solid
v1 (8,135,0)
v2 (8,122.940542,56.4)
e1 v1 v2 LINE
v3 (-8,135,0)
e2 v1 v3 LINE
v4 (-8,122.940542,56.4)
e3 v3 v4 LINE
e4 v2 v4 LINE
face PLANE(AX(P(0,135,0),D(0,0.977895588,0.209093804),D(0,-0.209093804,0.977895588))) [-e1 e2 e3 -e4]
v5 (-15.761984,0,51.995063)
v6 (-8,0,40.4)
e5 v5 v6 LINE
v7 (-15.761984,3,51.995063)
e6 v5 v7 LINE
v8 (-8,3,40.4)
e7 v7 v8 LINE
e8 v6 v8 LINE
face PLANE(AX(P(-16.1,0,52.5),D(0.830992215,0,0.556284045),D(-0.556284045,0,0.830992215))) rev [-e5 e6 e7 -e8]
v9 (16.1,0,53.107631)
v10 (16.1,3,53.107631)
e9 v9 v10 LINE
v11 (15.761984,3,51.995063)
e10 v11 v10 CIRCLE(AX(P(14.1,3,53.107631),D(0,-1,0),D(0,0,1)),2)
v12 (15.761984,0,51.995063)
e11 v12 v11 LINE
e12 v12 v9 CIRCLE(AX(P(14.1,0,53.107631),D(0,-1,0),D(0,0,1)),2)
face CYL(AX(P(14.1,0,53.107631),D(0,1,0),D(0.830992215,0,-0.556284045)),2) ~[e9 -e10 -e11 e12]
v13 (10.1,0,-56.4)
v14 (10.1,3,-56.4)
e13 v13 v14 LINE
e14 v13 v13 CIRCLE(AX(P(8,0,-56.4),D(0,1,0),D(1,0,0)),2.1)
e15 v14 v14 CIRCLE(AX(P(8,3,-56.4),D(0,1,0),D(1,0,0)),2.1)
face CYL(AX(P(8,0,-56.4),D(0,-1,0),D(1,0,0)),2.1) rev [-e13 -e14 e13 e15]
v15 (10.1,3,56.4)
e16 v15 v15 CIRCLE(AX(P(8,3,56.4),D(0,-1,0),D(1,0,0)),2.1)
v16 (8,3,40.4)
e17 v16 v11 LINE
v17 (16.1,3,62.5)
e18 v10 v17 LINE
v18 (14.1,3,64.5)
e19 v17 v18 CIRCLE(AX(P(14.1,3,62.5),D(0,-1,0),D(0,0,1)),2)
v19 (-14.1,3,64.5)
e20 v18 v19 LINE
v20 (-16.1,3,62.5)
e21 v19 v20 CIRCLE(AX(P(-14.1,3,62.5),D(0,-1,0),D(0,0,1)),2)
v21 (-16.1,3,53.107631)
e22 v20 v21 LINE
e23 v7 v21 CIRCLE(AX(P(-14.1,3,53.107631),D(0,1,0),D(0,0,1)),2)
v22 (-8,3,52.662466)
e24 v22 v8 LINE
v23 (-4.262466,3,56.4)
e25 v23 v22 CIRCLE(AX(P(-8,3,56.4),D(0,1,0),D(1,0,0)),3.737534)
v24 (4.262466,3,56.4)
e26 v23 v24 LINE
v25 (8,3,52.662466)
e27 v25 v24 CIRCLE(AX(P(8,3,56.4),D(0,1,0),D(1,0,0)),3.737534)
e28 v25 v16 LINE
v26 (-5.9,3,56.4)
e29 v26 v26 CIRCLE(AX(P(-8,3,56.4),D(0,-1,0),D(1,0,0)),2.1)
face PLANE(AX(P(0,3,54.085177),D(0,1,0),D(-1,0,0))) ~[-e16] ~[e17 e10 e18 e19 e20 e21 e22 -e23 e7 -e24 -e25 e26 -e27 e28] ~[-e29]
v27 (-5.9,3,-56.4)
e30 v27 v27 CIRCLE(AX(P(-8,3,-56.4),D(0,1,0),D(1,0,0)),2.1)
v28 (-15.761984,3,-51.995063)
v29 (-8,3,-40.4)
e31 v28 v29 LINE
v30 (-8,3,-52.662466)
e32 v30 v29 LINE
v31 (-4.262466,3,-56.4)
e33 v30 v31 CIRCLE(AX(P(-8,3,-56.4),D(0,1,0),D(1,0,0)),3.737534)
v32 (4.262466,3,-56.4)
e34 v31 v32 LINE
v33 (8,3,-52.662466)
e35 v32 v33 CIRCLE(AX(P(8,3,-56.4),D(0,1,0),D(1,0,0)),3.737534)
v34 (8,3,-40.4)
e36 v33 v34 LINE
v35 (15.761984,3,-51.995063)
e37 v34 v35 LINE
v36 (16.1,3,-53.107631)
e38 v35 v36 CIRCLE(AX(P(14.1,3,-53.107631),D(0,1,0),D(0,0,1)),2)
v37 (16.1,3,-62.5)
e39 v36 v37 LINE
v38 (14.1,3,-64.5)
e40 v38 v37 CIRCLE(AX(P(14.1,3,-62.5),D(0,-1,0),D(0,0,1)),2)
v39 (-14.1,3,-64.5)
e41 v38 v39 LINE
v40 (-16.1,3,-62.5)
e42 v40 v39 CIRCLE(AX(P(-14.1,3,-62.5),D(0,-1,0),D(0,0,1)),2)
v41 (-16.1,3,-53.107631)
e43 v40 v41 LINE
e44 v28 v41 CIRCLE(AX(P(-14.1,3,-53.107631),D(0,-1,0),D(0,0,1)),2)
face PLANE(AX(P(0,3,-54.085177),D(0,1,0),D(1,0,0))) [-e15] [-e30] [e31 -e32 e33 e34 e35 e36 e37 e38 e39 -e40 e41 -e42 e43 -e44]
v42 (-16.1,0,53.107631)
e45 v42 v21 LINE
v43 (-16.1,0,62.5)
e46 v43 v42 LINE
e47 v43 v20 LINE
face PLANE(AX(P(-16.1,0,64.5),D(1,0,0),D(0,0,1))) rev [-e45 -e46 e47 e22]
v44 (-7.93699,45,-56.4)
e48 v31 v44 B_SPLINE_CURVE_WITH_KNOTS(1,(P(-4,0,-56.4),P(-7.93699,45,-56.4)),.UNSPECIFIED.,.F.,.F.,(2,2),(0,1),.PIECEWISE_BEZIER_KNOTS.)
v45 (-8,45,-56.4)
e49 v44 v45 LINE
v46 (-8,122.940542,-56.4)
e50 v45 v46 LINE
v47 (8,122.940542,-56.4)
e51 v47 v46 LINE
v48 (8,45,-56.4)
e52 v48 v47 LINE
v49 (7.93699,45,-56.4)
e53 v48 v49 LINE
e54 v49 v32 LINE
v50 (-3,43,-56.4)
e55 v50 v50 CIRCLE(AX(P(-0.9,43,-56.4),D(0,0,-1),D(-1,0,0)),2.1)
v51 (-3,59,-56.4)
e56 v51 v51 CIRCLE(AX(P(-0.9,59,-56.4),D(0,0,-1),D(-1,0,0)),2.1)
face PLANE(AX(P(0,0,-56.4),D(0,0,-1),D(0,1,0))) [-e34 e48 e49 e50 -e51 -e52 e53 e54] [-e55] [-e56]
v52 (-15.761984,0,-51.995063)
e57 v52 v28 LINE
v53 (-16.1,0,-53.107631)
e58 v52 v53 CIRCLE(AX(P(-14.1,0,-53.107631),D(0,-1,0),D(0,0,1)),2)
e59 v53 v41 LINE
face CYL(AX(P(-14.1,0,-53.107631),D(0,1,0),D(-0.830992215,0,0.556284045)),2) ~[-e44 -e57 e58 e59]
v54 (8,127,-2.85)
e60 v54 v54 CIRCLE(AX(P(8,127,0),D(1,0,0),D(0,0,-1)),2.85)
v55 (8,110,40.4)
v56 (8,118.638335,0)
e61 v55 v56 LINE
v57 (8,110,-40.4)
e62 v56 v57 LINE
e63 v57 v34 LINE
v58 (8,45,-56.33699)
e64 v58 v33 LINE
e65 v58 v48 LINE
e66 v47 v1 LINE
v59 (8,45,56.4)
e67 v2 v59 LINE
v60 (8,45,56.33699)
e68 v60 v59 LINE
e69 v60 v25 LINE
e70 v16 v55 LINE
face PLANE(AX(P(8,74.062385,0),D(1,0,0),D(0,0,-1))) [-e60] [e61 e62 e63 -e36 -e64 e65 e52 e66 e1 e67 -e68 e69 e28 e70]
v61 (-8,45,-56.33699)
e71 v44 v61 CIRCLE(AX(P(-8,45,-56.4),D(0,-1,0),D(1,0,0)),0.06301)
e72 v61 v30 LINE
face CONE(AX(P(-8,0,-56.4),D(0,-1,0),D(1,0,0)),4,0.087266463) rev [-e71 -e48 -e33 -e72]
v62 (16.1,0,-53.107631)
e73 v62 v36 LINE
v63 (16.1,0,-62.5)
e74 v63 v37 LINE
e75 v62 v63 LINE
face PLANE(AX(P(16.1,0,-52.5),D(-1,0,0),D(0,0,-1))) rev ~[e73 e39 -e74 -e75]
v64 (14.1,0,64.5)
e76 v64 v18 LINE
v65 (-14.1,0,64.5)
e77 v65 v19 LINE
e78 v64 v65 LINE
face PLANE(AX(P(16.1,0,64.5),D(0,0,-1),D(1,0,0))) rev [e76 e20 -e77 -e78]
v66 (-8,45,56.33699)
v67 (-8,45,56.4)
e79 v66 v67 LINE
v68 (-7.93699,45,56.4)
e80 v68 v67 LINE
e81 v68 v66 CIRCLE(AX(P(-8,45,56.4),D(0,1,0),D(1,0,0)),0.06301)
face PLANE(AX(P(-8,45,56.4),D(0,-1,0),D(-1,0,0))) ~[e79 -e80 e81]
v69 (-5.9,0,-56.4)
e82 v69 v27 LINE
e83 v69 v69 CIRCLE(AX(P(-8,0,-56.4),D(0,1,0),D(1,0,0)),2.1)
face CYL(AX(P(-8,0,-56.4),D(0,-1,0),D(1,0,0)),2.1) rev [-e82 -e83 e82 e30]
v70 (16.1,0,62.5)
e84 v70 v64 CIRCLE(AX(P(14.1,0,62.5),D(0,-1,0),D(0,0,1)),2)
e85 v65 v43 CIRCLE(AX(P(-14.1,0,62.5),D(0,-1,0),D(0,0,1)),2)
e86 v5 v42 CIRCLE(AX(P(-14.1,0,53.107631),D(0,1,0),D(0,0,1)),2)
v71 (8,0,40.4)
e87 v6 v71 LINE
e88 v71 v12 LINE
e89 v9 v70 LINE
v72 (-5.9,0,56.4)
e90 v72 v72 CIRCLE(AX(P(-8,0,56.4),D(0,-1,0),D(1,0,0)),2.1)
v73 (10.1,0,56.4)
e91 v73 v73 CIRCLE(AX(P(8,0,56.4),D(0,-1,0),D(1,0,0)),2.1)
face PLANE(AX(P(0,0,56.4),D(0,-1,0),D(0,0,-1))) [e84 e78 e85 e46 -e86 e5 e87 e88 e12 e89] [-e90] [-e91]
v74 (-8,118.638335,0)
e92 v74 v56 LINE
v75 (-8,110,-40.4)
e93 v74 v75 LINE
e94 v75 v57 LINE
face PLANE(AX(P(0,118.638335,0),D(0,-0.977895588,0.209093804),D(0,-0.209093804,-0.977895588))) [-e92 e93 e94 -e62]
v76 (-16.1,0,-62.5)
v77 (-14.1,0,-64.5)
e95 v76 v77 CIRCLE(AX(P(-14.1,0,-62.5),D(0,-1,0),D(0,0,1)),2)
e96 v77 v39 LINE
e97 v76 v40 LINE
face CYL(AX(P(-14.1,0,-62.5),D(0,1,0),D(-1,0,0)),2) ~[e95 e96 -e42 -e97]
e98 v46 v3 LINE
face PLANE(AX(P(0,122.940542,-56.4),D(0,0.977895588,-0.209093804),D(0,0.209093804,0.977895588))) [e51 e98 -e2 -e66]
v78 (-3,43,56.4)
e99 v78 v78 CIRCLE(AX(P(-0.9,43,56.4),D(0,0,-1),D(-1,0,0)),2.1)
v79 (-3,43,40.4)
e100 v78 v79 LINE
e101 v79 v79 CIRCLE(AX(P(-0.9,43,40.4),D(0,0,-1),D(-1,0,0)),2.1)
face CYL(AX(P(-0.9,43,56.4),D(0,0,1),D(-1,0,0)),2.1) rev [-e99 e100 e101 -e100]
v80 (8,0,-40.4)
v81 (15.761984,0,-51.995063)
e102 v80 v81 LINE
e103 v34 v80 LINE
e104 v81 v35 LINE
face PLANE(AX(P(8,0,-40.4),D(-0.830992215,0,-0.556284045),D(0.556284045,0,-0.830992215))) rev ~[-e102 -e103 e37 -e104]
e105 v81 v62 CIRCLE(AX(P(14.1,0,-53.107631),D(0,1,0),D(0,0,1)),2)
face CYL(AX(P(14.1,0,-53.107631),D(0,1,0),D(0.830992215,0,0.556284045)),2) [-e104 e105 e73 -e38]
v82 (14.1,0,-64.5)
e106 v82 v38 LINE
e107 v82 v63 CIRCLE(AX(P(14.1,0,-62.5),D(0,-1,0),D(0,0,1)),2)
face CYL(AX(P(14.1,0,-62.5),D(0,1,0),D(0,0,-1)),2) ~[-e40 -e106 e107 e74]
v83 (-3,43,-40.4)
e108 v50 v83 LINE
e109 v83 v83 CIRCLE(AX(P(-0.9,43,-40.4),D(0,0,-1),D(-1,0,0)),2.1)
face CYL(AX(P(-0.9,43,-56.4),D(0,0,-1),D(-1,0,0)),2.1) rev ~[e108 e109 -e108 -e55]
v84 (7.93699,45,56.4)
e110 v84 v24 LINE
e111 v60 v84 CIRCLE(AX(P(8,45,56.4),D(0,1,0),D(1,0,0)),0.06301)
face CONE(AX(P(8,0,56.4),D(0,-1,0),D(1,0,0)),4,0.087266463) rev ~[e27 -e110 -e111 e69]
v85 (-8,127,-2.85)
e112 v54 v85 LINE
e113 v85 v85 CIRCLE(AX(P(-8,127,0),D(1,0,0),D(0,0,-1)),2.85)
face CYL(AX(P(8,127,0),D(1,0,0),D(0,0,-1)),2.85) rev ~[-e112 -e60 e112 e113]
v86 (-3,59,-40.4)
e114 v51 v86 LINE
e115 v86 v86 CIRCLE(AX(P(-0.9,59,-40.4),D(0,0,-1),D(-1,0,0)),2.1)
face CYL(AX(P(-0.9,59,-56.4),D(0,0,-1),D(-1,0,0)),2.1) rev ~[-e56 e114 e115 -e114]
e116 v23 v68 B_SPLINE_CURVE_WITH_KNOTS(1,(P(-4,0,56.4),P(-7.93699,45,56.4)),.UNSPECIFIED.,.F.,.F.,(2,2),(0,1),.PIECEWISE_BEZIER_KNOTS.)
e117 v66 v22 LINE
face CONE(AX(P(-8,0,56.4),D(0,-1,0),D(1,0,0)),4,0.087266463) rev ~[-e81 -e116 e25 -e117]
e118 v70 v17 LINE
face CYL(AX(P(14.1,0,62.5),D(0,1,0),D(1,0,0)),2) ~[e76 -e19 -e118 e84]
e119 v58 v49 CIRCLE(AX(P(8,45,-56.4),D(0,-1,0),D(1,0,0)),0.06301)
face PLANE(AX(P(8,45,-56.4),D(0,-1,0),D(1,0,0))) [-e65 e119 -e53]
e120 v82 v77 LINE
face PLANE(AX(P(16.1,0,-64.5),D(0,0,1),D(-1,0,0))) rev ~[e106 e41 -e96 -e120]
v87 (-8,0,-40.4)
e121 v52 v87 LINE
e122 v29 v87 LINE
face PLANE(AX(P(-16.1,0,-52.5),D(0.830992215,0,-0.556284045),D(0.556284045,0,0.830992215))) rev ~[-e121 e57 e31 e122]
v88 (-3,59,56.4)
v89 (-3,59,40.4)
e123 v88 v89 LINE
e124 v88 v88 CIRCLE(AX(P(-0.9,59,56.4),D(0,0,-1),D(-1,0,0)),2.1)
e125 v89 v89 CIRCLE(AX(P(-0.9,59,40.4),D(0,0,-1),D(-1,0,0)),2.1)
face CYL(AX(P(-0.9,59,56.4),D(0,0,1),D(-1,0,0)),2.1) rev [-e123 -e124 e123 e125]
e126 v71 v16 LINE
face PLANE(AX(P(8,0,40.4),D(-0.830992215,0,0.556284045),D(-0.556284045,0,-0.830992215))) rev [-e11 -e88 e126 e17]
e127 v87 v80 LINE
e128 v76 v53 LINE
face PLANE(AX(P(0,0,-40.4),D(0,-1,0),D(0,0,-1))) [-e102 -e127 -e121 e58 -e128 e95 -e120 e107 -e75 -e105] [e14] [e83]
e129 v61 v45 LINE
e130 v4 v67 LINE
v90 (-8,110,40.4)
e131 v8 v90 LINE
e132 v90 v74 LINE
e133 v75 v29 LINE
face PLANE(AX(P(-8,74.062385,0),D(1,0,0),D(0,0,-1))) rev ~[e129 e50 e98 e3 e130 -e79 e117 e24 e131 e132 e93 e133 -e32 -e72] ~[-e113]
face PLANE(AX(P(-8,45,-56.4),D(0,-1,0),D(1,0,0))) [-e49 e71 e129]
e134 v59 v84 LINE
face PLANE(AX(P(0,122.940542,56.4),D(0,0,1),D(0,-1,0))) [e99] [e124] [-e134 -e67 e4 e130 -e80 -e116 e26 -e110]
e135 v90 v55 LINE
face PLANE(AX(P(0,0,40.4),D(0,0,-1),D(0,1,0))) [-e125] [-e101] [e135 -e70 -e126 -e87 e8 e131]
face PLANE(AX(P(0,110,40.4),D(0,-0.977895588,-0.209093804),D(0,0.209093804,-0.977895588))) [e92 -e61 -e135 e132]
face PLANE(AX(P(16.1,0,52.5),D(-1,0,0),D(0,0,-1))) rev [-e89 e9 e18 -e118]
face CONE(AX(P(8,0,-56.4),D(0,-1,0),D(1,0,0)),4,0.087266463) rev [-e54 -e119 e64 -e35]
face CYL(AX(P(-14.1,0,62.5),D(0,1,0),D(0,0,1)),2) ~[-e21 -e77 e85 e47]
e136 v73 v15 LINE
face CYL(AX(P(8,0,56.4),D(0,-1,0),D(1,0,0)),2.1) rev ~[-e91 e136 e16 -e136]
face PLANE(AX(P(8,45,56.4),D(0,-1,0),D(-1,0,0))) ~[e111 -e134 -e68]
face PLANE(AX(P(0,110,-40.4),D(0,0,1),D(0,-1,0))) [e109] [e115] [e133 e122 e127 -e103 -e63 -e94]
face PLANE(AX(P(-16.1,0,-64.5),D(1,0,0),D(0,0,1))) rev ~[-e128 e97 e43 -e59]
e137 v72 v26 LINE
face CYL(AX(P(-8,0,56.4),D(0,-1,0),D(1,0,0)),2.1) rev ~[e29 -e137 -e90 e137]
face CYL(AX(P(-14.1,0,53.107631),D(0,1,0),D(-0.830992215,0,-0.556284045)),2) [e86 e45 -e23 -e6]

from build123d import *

# Parameters (mm, degrees)
BOSS_EXTRUDE1_DEPTH          = 8
SKETCH2_R                    = 4
CUT_EXTRUDE1_DEPTH           = 45
CUT_EXTRUDE1_TAPER           = 5
CUT_EXTRUDE1_OTHER_WAY_DEPTH = 1
SKETCH3_R                    = 2.1
BOSS_EXTRUDE2_DEPTH          = 3
FILLET1_R                    = 2
SKETCH4_R                    = 2.1
CUT_EXTRUDE2_DEPTH           = 16
FILLET1_OF_MIRROR1_R         = 2
SKETCH5_R                    = 2.85
CUT_EXTRUDE3_DEPTH           = 25.1


with BuildPart() as part:
    # Sketch1 → Boss-Extrude1 (new body, symmetric)
    with BuildSketch(Plane(origin=(0, 0, 0), x_dir=(0, 0, -1), z_dir=(1, 0, 0))):
        Polygon((-56.4, 122.940542206), (-56.4, 0), (-40.4, 0), (-40.4, 110), (0, 118.638335016), (40.4, 110), (40.4, 0), (56.4, 0), (56.4, 122.940542206), (0, 135), align=None)
    extrude(amount=BOSS_EXTRUDE1_DEPTH, both=True)

    # Sketch2 → Cut-Extrude1 (cut)
    with BuildSketch(Plane.XZ):
        with Locations((-8, -56.4)):
            Circle(SKETCH2_R)
        with Locations((8, -56.4)):
            Circle(SKETCH2_R)
    cut_extrude1 = extrude(amount=-CUT_EXTRUDE1_DEPTH, taper=CUT_EXTRUDE1_TAPER, mode=Mode.SUBTRACT)

    # Sketch2 → Cut-Extrude1 other way (cut)
    with BuildSketch(Plane.XZ):
        with Locations((-8, -56.4)):
            Circle(SKETCH2_R)
        with Locations((8, -56.4)):
            Circle(SKETCH2_R)
    extrude(amount=CUT_EXTRUDE1_OTHER_WAY_DEPTH, mode=Mode.SUBTRACT)

    # Sketch3 → Boss-Extrude2 (add)
    with BuildSketch(Plane(origin=(0, 0, 0), x_dir=(1, 0, 0), z_dir=(0, 1, 0))):
        Polygon((-8, 40.4), (8, 40.4), (16.1, 52.5), (16.1, 64.5), (-16.1, 64.5), (-16.1, 52.5), align=None)
        with Locations((-8, 56.4)):
            Circle(SKETCH3_R, mode=Mode.SUBTRACT)
        with Locations((8, 56.4)):
            Circle(SKETCH3_R, mode=Mode.SUBTRACT)
    boss_extrude2 = extrude(amount=BOSS_EXTRUDE2_DEPTH)

    # Fillet1
    fillet1_edges = [part.edges().sort_by_distance(p)[0] for p in [
        (16.1, 1.5, -52.5),
        (16.1, 1.5, -64.5),
        (-16.1, 1.5, -64.5),
        (-16.1, 1.5, -52.5),
    ]]
    fillet(fillet1_edges, radius=FILLET1_R)

    # Sketch4 → Cut-Extrude2 (cut)
    with BuildSketch(Plane(origin=(0, 0, -56.4), x_dir=(-1, 0, 0), z_dir=(0, 0, -1))):
        with Locations((0.9, 59)):
            Circle(SKETCH4_R)
        with Locations((0.9, 43)):
            Circle(SKETCH4_R)
    cut_extrude2 = extrude(amount=-CUT_EXTRUDE2_DEPTH, mode=Mode.SUBTRACT)

    # Mirror1: Cut-Extrude1, Boss-Extrude2, Cut-Extrude2 across plane
    add(cut_extrude1.mirror(Plane.XY), mode=Mode.SUBTRACT)
    add(boss_extrude2.mirror(Plane.XY))
    add(cut_extrude2.mirror(Plane.XY), mode=Mode.SUBTRACT)

    # Fillet1 of Mirror1
    fillet1_of_mirror1_edges = [part.edges().sort_by_distance(p)[0] for p in [
        (16.1, 1.5, 52.5),
        (16.1, 1.5, 64.5),
        (-16.1, 1.5, 64.5),
        (-16.1, 1.5, 52.5),
    ]]
    fillet(fillet1_of_mirror1_edges, radius=FILLET1_OF_MIRROR1_R)

    # Sketch5 → Cut-Extrude3 (cut, through all)
    with BuildSketch(Plane(origin=(8, 0, 0), x_dir=(0, 0, -1), z_dir=(1, 0, 0))):
        with Locations((0, 127)):
            Circle(SKETCH5_R)
    extrude(amount=-CUT_EXTRUDE3_DEPTH, mode=Mode.SUBTRACT)


solid = part.part
